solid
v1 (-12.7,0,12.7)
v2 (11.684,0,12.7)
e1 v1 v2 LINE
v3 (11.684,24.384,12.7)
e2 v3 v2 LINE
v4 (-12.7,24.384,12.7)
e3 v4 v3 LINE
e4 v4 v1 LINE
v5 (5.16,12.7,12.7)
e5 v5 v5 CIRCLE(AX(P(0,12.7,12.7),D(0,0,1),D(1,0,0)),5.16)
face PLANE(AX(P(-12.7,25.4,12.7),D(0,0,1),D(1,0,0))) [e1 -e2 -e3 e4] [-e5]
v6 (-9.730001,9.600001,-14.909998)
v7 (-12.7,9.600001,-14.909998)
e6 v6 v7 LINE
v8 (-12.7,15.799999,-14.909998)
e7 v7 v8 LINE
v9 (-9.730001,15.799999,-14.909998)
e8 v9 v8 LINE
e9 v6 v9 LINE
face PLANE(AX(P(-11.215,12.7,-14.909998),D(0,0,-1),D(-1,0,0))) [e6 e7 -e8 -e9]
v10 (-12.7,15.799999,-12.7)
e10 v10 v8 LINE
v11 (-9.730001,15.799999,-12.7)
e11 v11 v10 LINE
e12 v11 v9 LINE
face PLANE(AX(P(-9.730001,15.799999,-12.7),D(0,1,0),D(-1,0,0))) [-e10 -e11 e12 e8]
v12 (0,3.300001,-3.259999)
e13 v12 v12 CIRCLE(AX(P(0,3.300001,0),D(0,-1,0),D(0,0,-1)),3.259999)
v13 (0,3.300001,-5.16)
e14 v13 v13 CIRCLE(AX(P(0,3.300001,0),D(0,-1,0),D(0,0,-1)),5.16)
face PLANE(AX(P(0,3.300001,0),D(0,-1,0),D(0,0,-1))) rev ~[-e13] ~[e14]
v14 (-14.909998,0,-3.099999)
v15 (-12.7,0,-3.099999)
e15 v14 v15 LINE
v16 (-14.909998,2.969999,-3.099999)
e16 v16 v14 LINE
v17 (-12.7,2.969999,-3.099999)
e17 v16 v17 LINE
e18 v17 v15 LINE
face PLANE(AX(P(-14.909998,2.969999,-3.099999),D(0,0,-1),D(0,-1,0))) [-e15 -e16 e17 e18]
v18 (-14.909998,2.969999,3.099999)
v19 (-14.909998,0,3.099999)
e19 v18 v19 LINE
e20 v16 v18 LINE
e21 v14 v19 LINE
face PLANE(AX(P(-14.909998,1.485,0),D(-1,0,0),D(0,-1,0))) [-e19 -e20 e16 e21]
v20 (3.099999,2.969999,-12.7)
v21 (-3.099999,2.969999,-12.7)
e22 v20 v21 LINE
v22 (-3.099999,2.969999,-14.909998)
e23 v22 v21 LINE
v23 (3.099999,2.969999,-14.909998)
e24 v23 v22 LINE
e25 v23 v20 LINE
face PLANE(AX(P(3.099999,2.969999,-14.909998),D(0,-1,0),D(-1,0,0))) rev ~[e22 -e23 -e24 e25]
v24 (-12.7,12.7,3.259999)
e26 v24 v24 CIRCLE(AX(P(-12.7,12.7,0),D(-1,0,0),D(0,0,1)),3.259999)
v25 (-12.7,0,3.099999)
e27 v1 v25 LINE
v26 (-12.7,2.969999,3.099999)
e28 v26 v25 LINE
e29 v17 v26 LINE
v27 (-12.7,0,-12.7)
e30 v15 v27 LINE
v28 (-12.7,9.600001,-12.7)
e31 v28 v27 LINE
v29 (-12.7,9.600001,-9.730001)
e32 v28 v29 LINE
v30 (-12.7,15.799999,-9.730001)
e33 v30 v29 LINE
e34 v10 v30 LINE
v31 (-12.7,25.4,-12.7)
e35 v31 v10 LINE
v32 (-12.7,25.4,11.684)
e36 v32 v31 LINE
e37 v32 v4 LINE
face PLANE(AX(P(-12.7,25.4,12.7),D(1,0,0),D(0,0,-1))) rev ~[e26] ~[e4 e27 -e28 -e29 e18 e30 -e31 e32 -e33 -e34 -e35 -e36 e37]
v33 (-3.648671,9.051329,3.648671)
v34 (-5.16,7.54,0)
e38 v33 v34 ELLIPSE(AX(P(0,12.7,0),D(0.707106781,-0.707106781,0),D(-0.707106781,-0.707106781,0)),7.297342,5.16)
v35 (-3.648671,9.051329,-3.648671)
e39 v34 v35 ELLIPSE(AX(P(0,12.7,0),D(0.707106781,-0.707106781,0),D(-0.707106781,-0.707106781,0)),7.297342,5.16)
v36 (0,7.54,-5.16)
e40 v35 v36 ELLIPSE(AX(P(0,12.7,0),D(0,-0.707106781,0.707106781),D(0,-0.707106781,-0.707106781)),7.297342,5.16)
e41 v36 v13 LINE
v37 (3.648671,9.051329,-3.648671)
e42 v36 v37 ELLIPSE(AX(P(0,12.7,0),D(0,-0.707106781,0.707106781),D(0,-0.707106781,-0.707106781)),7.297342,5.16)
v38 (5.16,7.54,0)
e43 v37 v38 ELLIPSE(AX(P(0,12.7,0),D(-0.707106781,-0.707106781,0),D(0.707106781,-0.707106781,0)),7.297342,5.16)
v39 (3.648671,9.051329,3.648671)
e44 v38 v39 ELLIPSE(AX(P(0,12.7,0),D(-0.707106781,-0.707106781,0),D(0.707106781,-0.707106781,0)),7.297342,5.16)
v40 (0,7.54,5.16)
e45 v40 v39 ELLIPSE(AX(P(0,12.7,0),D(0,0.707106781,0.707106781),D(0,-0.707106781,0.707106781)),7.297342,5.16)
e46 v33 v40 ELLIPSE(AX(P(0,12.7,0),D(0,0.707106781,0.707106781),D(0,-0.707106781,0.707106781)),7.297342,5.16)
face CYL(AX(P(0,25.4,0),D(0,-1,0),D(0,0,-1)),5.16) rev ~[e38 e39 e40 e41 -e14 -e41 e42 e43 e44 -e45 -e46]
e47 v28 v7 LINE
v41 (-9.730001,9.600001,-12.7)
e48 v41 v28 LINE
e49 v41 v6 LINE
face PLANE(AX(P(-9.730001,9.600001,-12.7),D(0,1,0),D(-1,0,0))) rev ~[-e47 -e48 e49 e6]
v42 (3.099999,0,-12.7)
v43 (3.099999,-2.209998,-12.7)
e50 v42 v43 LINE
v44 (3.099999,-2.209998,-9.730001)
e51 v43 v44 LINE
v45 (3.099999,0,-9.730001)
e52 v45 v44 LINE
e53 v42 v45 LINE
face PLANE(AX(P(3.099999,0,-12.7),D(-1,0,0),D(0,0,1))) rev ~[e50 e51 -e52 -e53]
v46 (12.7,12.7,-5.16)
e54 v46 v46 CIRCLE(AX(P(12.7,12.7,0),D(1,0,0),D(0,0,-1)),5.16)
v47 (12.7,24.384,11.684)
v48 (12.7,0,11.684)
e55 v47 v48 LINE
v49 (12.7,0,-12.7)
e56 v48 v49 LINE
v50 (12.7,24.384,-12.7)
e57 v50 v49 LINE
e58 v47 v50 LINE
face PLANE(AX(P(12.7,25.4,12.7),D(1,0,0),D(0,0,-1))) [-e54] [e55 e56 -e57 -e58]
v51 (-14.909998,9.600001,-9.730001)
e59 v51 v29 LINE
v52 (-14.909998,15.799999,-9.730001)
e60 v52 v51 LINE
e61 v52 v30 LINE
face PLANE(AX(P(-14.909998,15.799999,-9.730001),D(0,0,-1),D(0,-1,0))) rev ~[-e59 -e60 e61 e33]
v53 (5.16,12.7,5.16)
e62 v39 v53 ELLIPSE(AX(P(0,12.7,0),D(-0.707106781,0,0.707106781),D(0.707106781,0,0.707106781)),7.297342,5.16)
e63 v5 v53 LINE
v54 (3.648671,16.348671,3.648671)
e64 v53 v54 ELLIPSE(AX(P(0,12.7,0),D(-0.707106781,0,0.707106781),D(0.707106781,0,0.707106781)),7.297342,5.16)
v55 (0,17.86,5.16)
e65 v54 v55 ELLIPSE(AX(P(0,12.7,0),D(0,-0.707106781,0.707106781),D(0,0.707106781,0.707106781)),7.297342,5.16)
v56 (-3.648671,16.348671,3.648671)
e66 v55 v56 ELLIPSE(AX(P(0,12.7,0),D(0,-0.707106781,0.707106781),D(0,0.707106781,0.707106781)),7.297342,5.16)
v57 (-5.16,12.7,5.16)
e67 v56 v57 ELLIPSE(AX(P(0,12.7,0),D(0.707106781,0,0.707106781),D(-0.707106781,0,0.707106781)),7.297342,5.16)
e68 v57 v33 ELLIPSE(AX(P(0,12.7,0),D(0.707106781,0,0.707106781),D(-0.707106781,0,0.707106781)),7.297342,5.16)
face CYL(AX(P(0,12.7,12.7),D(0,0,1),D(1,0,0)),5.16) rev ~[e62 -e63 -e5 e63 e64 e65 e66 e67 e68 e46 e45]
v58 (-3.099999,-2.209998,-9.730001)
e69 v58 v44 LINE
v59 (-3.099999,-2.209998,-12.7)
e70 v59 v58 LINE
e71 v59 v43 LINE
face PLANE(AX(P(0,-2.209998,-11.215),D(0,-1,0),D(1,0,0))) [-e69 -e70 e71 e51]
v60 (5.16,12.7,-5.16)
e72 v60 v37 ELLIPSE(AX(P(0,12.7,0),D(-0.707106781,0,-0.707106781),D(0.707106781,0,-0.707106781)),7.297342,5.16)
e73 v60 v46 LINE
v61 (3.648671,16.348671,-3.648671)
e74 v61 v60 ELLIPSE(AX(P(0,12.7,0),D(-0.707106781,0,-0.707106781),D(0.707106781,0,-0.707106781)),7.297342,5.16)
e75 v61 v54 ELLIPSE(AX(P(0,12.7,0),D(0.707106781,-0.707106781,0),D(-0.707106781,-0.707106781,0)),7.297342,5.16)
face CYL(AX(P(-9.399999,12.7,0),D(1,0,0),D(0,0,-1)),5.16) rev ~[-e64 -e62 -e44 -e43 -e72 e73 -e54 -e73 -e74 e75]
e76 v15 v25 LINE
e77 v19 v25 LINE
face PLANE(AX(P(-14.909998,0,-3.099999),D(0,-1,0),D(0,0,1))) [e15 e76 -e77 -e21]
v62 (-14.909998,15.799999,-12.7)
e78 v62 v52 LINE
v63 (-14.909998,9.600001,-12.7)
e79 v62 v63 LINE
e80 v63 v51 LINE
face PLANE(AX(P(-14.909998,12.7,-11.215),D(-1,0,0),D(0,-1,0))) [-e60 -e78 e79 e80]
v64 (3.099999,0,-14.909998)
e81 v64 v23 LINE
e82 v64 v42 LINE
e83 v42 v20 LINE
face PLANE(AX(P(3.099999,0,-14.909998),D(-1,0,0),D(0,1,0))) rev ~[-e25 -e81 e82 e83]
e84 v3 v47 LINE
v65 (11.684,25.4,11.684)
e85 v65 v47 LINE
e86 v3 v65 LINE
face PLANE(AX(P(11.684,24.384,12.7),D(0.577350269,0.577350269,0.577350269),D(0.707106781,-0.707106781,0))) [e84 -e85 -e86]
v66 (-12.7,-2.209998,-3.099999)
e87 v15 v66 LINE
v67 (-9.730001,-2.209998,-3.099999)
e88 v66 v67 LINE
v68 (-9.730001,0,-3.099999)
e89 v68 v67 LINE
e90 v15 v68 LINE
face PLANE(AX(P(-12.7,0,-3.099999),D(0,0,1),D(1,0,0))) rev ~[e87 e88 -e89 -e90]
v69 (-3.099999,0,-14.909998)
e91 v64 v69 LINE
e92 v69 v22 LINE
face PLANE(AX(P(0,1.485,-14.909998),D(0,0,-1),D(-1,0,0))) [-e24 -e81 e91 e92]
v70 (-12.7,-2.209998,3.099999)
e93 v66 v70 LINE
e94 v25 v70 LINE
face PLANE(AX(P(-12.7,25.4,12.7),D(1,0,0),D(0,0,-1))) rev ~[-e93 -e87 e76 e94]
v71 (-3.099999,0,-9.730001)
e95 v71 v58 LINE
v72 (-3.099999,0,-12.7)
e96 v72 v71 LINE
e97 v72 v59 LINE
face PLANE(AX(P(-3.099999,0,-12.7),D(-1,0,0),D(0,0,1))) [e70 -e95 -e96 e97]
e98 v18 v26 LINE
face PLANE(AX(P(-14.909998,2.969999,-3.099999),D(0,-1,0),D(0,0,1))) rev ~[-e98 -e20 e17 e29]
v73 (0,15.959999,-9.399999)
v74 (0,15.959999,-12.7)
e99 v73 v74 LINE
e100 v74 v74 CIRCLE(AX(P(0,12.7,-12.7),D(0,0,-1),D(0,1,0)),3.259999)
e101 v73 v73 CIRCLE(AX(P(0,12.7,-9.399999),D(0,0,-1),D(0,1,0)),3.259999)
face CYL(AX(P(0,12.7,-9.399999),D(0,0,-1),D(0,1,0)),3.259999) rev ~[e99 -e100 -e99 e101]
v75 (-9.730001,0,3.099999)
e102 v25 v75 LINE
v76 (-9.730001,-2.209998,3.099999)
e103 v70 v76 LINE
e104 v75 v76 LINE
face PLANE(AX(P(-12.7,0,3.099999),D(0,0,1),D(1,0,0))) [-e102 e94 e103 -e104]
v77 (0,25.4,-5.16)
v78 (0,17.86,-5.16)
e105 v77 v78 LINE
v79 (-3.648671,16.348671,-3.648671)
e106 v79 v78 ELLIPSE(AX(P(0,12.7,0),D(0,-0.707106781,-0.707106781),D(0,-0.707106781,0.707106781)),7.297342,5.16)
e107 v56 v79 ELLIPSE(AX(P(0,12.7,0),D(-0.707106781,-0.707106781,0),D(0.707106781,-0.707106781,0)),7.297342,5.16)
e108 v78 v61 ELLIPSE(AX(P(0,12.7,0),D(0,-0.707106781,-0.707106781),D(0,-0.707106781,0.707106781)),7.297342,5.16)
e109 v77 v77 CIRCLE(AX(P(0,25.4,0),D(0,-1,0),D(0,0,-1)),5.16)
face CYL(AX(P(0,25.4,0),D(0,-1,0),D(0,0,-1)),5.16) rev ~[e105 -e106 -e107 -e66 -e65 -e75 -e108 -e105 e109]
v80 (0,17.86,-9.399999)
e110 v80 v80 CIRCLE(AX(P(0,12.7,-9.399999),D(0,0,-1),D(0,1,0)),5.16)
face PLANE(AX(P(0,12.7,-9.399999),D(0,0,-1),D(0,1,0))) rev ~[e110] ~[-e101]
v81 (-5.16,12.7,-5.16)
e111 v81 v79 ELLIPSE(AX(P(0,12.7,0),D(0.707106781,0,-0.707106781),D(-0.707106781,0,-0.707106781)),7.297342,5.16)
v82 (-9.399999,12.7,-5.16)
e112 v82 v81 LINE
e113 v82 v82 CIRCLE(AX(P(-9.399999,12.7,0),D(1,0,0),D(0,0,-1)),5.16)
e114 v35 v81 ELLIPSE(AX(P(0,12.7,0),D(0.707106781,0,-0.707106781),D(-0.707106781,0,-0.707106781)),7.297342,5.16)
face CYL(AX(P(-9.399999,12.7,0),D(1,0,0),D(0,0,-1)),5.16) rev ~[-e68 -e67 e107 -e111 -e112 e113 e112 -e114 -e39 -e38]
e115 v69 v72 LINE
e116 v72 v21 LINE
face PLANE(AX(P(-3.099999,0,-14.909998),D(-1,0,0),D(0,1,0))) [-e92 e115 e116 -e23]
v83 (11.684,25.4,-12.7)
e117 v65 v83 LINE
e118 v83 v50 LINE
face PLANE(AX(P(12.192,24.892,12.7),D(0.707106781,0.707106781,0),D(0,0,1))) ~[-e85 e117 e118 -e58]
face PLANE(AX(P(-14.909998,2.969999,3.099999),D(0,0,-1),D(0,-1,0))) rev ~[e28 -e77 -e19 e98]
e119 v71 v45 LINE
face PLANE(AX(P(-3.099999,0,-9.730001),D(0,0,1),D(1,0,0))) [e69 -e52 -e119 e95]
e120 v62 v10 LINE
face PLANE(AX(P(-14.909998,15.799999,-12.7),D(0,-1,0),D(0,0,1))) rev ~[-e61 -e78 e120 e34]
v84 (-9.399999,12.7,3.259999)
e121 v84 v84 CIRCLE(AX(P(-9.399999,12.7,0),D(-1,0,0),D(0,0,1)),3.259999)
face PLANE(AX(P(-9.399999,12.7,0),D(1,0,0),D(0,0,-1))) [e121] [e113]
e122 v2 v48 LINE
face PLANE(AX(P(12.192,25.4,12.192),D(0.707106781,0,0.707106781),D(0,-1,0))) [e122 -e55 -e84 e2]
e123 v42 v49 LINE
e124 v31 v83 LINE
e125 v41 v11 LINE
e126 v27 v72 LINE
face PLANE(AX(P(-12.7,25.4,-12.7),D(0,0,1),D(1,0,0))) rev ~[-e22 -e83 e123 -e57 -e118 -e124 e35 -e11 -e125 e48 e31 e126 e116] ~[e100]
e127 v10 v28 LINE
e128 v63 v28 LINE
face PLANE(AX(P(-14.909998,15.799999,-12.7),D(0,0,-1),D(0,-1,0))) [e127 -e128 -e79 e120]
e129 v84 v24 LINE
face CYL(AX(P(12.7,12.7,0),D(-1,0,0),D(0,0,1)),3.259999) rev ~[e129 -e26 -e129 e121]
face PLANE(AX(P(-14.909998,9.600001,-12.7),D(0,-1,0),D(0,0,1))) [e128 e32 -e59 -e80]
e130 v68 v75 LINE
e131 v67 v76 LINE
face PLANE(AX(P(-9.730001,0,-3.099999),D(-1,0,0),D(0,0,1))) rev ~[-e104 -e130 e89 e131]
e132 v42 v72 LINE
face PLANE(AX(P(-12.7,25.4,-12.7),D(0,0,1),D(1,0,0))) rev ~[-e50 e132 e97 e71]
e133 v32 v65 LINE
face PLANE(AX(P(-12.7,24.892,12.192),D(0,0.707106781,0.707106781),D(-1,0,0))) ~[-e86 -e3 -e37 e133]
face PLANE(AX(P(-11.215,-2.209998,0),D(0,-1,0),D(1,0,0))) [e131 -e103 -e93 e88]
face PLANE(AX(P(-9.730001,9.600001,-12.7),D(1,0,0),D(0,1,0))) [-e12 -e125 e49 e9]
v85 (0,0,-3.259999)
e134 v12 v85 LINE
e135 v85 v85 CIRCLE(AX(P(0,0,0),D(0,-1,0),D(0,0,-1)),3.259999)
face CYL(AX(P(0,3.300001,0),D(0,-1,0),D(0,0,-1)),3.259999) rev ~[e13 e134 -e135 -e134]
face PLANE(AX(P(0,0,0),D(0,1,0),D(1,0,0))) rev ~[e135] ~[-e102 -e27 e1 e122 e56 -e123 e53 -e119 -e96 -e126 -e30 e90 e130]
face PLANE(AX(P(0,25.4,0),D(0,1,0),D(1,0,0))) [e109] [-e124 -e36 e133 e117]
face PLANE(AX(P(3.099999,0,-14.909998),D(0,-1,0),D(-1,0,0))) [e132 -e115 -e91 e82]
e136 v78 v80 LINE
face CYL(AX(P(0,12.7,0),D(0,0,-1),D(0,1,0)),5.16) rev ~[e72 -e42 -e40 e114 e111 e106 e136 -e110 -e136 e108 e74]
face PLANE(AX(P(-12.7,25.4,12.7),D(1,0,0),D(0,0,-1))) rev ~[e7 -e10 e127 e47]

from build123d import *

# Parameters (mm, degrees)
SKETCH1_W           = 25.4
SKETCH1_H           = 25.4
BOSS_EXTRUDE1_DEPTH = 25.4
SKETCH6_W           = 2.96999914
SKETCH6_H           = 6.19999776
BOSS_EXTRUDE2_DEPTH = 2.20999812
BOSS_EXTRUDE3_REACH = 42.371
SKETCH7_W           = 6.19999776
SKETCH7_H           = 2.96999914
SKETCH8_W           = 6.19999776
SKETCH8_H           = 2.96999914
BOSS_EXTRUDE4_DEPTH = 2.20999812
BOSS_EXTRUDE5_REACH = 42.371
SKETCH9_W           = 6.19999776
SKETCH9_H           = 2.96999914
SKETCH10_W          = 2.96999914
SKETCH10_H          = 6.19999776
BOSS_EXTRUDE6_DEPTH = 2.20999812
BOSS_EXTRUDE7_REACH = 42.371
SKETCH11_W          = 2.96999914
SKETCH11_H          = 6.19999776
HOLE3_REACH         = 42.371
HOLE3_BORE_R        = 5.15999984
HOLE4_D             = 6.51999712
HOLE4_CBORE_D       = 10.31999968
HOLE4_CBORE_DEPTH   = 22.09999898
CHAMFER1_SIZE       = 1.016


with BuildPart() as part:
    # Sketch1 → Boss-Extrude1 (new body)
    with BuildSketch(Plane(origin=(0, 25.4, 0), x_dir=(1, 0, 0), z_dir=(0, 1, 0))):
        Rectangle(SKETCH1_W, SKETCH1_H)
    extrude(amount=-BOSS_EXTRUDE1_DEPTH)

    # Sketch2 → Hole1 (revolve, cut)
    with BuildSketch(Plane(origin=(0, 0, 0), x_dir=(0, 0, -1), z_dir=(1, 0, 0))):
        Polygon((0, 0), (0, 25.4), (5.15999984, 25.4), (5.15999984, 3.30000102), (3.25999856, 3.30000102), (3.25999856, 0), align=None)
    revolve(axis=Axis((0, 110, 0), (0, -1, 0)), mode=Mode.SUBTRACT)

    # Sketch4 → Hole2 (revolve, cut)
    with BuildSketch(Plane(origin=(0, 12.7, -12.7), x_dir=(0, 1, 0), z_dir=(1, 0, 0))):
        Polygon((0, 0), (0, 12.7), (5.15999984, 12.7), (5.15999984, 3.30000102), (3.25999856, 3.30000102), (3.25999856, 0), align=None)
    revolve(axis=Axis((0, 12.7, 97.3), (0, 0, -1)), mode=Mode.SUBTRACT)

    # Sketch6 → Boss-Extrude2 (add)
    with BuildSketch(Plane(origin=(0, 0, -12.7), x_dir=(-1, 0, 0), z_dir=(0, 0, -1))):
        with Locations((11.21500043, 12.7)):
            Rectangle(SKETCH6_W, SKETCH6_H)
    extrude(amount=BOSS_EXTRUDE2_DEPTH)

    # Sketch7 → Boss-Extrude3 (add, up to next)
    with BuildSketch(Plane(origin=(-14.90999812, 0, 0), x_dir=(0, -1, 0), z_dir=(-1, 0, 0)), mode=Mode.PRIVATE) as boss_extrude3_sk1:
        with Locations((-12.7, -11.21500043)):
            Rectangle(SKETCH7_W, SKETCH7_H)
    boss_extrude3_tool1 = extrude(boss_extrude3_sk1.sketch, amount=-BOSS_EXTRUDE3_REACH, mode=Mode.PRIVATE) - part.part
    add(boss_extrude3_tool1.solids().sort_by_distance((-14.909998, 12.7, -11.215))[0])

    # Sketch8 → Boss-Extrude4 (add)
    with BuildSketch(Plane.XZ):
        with Locations((0, -11.21500043)):
            Rectangle(SKETCH8_W, SKETCH8_H)
    extrude(amount=BOSS_EXTRUDE4_DEPTH)

    # Sketch9 → Boss-Extrude5 (add, up to next)
    with BuildSketch(Plane(origin=(0, 0, -14.90999812), x_dir=(-1, 0, 0), z_dir=(0, 0, -1)), mode=Mode.PRIVATE) as boss_extrude5_sk1:
        with Locations((0, 1.48499957)):
            Rectangle(SKETCH9_W, SKETCH9_H)
    boss_extrude5_tool1 = extrude(boss_extrude5_sk1.sketch, amount=-BOSS_EXTRUDE5_REACH, mode=Mode.PRIVATE) - part.part
    add(boss_extrude5_tool1.solids().sort_by_distance((0, 1.485, -14.909998))[0])

    # Sketch10 → Boss-Extrude6 (add)
    with BuildSketch(Plane.XZ):
        with Locations((-11.21500043, 0)):
            Rectangle(SKETCH10_W, SKETCH10_H)
    extrude(amount=BOSS_EXTRUDE6_DEPTH)

    # Sketch11 → Boss-Extrude7 (add, up to next)
    with BuildSketch(Plane(origin=(-14.90999812, 0, 0), x_dir=(0, -1, 0), z_dir=(-1, 0, 0)), mode=Mode.PRIVATE) as boss_extrude7_sk1:
        with Locations((-1.48499957, 0)):
            Rectangle(SKETCH11_W, SKETCH11_H)
    boss_extrude7_tool1 = extrude(boss_extrude7_sk1.sketch, amount=-BOSS_EXTRUDE7_REACH, mode=Mode.PRIVATE) - part.part
    add(boss_extrude7_tool1.solids().sort_by_distance((-14.909998, 1.485, 0))[0])

    # Hole3 bore → Hole3 (cut, up to next)
    with BuildSketch(Plane.XY.offset(12.7), mode=Mode.PRIVATE) as hole3_sk1:
        with Locations((0, 12.7)):
            Circle(HOLE3_BORE_R)
    hole3_tool1 = extrude(hole3_sk1.sketch, amount=-HOLE3_REACH, mode=Mode.PRIVATE) & part.part
    add(hole3_tool1.solids().sort_by_distance((0, 12.7, 12.7))[0], mode=Mode.SUBTRACT)

    # Hole4 (through all)
    with Locations(Plane(origin=(12.7, 0, 0), x_dir=(0, 0, -1), z_dir=(1, 0, 0))):
        with Locations((0, 12.7)):
            CounterBoreHole(HOLE4_D / 2, HOLE4_CBORE_D / 2, HOLE4_CBORE_DEPTH)

    # Chamfer1
    chamfer1_edges = [part.edges().sort_by_distance(p)[0] for p in [
        (12.7, 25.4, 0),
        (0, 25.4, 12.7),
        (12.7, 12.7, 12.7),
    ]]
    chamfer(chamfer1_edges, length=CHAMFER1_SIZE)


solid = part.part
